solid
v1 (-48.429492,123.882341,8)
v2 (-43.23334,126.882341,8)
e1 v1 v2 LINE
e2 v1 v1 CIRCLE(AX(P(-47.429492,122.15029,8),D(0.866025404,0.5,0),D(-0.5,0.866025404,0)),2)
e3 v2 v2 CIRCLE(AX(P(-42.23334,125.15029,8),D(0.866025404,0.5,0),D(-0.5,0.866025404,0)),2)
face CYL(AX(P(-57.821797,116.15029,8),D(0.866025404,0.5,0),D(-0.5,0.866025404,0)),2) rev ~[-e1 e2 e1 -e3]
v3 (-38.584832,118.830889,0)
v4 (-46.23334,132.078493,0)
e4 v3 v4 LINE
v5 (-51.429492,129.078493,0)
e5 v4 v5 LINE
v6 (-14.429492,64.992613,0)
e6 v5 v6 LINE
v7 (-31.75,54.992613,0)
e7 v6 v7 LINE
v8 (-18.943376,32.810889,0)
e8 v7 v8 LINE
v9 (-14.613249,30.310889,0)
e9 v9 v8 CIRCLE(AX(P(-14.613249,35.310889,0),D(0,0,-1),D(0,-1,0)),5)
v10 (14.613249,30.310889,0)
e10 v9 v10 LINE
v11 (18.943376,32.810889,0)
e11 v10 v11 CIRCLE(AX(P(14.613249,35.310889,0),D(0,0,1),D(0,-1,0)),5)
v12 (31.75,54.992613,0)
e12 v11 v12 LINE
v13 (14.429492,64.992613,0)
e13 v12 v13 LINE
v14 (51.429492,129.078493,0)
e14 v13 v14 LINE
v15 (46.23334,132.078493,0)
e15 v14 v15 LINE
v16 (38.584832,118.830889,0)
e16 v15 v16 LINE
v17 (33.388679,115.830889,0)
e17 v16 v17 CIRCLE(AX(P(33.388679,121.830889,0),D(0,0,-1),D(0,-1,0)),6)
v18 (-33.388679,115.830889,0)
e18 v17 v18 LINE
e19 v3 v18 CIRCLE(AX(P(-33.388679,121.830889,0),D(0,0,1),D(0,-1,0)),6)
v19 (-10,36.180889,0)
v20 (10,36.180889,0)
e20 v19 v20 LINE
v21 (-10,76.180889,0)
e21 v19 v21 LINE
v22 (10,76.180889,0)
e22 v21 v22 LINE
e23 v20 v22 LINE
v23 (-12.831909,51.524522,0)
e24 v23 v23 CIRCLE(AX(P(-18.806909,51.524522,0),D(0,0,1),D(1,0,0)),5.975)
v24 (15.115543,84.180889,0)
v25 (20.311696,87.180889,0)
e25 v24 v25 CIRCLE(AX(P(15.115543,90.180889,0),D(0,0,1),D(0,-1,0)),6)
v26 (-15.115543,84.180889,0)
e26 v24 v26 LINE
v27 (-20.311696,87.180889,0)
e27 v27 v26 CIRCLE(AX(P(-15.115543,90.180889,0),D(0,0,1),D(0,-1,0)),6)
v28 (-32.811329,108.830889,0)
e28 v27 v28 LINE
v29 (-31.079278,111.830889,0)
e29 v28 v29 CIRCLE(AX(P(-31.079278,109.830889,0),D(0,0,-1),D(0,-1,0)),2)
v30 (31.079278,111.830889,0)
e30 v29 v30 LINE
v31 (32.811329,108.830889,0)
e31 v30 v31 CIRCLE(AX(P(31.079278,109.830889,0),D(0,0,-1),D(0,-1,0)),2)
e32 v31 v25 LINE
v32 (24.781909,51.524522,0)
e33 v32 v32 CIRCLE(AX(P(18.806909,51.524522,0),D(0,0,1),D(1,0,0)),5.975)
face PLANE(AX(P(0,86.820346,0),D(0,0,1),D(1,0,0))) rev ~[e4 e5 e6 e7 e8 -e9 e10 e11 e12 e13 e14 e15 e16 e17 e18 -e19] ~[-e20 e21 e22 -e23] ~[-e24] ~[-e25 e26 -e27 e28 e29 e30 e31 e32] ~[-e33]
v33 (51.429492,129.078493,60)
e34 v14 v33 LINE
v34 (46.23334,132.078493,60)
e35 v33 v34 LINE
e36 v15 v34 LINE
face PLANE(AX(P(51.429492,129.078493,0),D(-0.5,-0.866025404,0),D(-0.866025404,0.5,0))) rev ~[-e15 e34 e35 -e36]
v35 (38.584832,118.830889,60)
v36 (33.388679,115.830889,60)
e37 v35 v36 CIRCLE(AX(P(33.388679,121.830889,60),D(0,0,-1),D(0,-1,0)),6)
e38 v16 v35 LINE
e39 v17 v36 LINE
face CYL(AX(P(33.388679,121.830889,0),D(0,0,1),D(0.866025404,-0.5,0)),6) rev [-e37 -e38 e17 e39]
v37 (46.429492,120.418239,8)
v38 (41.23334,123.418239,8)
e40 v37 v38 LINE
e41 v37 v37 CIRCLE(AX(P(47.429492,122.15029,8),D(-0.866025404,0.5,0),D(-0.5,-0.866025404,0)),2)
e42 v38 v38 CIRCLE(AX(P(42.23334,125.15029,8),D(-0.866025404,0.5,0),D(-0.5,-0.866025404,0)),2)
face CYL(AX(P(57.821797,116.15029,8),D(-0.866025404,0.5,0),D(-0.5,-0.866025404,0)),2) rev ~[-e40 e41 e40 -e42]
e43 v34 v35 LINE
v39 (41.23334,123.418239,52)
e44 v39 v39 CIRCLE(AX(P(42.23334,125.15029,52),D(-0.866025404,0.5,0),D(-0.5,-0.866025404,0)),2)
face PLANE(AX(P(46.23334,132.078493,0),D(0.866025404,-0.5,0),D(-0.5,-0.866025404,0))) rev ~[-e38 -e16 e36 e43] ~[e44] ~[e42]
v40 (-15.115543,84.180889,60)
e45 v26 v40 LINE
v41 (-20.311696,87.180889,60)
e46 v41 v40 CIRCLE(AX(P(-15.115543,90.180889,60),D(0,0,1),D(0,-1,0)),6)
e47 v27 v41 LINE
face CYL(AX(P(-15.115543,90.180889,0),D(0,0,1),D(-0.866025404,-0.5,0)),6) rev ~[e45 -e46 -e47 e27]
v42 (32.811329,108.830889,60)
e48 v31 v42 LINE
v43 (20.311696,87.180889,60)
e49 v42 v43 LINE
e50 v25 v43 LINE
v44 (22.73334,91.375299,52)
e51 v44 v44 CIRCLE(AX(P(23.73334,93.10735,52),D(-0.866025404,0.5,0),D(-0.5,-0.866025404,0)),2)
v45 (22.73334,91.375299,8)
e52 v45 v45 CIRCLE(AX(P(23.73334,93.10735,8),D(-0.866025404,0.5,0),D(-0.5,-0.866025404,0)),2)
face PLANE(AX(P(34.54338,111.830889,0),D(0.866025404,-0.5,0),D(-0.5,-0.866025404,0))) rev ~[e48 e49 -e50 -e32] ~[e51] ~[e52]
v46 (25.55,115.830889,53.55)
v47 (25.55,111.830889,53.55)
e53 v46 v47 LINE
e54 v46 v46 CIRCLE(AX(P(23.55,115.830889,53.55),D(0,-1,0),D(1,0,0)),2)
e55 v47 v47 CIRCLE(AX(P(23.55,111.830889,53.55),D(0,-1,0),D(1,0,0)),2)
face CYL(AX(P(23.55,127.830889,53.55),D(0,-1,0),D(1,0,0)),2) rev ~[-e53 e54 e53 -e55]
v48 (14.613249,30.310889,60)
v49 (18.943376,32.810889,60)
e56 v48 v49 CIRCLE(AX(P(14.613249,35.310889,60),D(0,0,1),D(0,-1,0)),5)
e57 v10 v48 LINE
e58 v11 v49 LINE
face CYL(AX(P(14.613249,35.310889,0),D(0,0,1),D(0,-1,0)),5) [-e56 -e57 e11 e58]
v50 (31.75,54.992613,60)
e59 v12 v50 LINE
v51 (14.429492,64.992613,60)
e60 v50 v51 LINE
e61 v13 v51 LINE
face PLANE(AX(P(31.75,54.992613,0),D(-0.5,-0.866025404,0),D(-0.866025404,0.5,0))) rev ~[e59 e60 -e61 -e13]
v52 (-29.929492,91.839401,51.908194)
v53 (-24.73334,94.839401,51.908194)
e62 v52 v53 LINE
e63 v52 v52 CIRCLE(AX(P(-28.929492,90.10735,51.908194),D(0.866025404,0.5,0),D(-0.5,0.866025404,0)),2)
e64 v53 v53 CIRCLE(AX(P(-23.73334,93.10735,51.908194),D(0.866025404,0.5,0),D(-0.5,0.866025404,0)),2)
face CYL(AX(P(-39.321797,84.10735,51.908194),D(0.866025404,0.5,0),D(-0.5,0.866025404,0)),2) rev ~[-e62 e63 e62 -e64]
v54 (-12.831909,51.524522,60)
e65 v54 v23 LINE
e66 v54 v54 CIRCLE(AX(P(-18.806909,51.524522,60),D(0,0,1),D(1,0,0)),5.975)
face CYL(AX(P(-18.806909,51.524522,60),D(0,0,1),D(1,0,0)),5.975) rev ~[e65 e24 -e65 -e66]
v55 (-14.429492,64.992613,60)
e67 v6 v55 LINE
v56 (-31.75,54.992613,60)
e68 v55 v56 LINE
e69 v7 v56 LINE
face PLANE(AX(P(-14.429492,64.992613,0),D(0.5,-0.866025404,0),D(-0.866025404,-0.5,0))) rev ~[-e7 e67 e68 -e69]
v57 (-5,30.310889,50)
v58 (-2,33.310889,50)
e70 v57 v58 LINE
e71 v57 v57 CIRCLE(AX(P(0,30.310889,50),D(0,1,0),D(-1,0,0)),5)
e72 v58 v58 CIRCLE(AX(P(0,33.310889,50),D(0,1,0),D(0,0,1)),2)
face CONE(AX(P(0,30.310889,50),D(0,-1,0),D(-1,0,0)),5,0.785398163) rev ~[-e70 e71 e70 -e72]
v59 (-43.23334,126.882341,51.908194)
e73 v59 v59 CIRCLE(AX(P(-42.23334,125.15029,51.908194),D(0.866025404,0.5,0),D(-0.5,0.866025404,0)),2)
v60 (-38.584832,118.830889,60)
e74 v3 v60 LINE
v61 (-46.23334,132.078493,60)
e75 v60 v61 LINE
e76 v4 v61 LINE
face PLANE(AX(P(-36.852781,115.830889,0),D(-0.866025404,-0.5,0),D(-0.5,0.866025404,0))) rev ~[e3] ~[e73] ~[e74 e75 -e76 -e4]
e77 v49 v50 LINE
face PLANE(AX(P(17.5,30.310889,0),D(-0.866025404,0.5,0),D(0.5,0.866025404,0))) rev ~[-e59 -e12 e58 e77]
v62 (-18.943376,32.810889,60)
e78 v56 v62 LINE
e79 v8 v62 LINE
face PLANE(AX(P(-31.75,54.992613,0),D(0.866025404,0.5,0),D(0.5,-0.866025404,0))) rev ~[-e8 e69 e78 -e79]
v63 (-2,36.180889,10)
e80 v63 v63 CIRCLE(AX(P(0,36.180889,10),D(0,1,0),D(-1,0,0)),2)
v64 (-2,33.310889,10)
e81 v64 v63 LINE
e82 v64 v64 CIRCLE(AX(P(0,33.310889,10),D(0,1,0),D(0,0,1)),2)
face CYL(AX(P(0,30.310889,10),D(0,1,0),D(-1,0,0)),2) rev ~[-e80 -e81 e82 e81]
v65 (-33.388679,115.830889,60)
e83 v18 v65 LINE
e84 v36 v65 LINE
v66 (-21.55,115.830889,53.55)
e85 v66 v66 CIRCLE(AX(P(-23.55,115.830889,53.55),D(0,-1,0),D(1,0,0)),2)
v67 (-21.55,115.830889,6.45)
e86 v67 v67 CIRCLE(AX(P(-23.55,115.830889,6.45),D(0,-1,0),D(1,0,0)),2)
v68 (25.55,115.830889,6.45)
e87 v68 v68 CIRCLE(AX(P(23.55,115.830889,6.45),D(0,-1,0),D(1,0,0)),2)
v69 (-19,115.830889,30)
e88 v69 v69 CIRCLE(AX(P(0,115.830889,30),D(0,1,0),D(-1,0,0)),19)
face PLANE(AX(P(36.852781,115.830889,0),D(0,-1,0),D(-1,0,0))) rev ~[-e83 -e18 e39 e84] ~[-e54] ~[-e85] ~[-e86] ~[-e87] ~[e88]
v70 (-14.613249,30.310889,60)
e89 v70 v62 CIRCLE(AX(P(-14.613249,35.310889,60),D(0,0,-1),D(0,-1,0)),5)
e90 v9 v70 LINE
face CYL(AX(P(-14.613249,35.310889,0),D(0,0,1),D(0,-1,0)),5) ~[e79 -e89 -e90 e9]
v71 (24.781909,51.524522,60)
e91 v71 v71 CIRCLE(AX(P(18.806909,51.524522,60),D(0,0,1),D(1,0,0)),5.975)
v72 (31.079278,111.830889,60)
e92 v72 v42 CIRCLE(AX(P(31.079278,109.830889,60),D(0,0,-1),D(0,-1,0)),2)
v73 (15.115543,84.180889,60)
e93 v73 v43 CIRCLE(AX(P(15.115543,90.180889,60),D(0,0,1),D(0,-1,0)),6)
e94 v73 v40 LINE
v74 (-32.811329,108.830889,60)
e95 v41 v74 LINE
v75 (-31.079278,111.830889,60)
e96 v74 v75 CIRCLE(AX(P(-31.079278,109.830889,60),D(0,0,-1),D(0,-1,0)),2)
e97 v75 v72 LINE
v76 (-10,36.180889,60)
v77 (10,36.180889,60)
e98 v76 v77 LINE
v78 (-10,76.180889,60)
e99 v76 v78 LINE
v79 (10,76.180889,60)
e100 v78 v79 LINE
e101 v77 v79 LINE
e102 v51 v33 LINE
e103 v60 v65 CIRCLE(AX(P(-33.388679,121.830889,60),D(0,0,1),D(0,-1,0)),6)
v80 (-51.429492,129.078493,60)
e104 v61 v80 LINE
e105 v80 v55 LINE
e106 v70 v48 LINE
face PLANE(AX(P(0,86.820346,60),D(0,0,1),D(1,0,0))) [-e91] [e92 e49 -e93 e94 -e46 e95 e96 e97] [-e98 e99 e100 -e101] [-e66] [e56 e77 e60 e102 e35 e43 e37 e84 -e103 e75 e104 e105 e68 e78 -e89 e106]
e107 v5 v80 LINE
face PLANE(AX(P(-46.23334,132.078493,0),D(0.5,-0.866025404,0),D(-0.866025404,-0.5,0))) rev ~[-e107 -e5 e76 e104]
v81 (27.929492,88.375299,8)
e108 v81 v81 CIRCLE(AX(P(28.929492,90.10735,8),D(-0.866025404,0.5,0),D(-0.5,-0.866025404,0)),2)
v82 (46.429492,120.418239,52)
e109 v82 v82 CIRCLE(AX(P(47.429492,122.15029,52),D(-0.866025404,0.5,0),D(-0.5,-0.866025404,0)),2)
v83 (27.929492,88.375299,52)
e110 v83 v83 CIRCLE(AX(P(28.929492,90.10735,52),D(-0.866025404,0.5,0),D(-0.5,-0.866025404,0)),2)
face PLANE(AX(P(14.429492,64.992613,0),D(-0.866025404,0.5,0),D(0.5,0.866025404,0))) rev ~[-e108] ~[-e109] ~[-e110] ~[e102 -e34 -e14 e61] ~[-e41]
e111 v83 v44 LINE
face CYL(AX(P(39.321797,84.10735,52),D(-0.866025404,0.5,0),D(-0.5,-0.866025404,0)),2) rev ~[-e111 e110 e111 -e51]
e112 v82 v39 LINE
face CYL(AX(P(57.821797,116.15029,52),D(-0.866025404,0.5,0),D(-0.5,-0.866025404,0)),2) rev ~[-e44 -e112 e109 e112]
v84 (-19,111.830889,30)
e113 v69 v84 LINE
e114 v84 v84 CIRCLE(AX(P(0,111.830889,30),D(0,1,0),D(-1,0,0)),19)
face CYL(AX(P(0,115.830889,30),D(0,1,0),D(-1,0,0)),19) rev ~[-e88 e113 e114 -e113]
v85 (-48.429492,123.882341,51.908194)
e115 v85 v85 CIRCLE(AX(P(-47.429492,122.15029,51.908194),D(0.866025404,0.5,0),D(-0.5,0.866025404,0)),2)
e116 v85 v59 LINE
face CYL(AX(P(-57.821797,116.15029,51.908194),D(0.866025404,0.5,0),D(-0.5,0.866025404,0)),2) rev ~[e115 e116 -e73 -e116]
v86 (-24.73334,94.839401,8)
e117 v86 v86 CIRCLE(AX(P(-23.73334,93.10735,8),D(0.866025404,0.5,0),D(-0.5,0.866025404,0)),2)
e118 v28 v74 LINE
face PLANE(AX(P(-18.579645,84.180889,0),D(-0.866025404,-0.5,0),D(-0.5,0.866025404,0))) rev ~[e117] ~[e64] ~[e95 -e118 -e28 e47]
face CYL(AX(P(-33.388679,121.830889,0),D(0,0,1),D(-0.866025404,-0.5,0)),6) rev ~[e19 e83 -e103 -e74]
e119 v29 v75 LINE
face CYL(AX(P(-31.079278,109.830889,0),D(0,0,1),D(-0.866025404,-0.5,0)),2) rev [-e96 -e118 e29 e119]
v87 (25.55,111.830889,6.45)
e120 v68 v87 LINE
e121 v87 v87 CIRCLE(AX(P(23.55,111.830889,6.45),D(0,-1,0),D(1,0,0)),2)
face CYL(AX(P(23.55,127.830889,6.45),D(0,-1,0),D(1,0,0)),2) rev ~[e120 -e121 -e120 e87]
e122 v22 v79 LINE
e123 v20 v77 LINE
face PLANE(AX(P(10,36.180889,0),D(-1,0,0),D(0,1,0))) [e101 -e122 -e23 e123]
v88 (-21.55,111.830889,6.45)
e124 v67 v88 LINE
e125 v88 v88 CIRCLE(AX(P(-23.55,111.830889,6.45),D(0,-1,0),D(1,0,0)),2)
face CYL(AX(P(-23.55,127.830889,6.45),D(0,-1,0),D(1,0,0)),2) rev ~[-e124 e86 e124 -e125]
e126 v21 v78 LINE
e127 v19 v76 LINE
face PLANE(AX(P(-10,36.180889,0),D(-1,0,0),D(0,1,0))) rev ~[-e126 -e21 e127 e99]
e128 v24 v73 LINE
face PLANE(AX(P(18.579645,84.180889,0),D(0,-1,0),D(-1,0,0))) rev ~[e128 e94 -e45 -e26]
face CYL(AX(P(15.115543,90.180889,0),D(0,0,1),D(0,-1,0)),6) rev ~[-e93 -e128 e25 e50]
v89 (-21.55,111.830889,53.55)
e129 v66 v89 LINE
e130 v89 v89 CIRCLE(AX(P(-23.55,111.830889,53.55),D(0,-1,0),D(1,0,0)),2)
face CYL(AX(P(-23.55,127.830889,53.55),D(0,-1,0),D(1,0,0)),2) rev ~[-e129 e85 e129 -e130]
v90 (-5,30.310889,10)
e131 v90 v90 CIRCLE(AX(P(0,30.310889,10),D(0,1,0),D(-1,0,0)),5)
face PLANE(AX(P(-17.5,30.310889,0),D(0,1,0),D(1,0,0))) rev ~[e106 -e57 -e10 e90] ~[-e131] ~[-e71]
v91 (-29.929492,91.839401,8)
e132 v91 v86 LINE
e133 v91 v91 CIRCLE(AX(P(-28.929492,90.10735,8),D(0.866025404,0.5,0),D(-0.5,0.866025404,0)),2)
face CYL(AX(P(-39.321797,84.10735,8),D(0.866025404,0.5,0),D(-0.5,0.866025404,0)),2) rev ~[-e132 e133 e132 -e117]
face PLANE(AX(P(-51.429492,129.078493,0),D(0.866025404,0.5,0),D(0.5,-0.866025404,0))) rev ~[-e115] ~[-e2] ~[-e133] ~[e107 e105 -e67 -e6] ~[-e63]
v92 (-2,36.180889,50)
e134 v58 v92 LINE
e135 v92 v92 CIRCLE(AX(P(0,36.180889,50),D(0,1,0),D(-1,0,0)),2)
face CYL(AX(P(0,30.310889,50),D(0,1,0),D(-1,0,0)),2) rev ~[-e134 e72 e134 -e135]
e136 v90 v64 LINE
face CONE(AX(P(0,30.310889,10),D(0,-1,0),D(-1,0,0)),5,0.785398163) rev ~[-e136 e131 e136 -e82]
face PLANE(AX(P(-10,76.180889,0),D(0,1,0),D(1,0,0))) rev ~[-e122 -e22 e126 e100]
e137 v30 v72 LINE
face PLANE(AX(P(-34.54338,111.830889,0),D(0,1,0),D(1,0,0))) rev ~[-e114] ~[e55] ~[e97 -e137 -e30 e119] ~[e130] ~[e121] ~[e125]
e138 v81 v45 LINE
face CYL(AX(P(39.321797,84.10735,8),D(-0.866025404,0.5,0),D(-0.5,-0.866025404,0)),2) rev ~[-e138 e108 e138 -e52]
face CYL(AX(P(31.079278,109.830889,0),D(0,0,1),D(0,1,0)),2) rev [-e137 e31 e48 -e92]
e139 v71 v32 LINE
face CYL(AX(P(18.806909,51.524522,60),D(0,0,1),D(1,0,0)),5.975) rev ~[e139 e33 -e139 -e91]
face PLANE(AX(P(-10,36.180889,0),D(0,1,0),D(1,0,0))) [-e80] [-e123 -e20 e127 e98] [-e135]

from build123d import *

# Parameters (mm, degrees)
F0_W            = 20
F0_H            = 40
F1_DEPTH        = 60
F2_R            = 5
F3_R            = 6
F4_R            = 2
F5_R            = 5.975
F6_DEPTH        = 60.001
F8_D            = 4
F8_DEPTH        = 12
F8_TIP          = 1.2017212381
F9_R            = 19
F10_DEPTH       = 25
F12_D           = 4
F12_DEPTH       = 12
F12_TIP         = 1.2017212381
F14_D           = 4
F14_DEPTH       = 12
F14_TIP         = 1.2017212381
F16_D           = 4
F16_DEPTH       = 12
F16_CSINK_D     = 10
F16_CSINK_ANGLE = 90
F16_TIP         = 1.2017212381


with BuildPart() as f1:
    # F0 (on Top) → F1 (new body)
    with BuildSketch(Plane.XY):
        Polygon((-17.5, 30.3108891325), (17.5, 30.3108891325), (31.75, 54.9926131403), (14.4294919243, 64.9926131403), (51.4294919243, 129.0784930204), (46.2333395016, 132.0784930204), (36.8527810232, 115.8308891325), (-36.8527810232, 115.8308891325), (-46.2333395016, 132.0784930204), (-51.4294919243, 129.0784930204), (-14.4294919243, 64.9926131403), (-31.75, 54.9926131403), align=None)
        with Locations((0, 56.1808891325)):
            Rectangle(F0_W, F0_H, mode=Mode.SUBTRACT)
        Polygon((34.5433799465, 111.8308891325), (18.5796450034, 84.1808891325), (-18.5796450034, 84.1808891325), (-34.5433799465, 111.8308891325), align=None, mode=Mode.SUBTRACT)
    extrude(amount=F1_DEPTH)

    # F2
    f2_edges = [f1.edges().sort_by_distance(p)[0] for p in [
        (-17.5, 30.310889, 30),
        (17.5, 30.310889, 30),
    ]]
    fillet(f2_edges, radius=F2_R)

    # F3
    f3_edges = [f1.edges().sort_by_distance(p)[0] for p in [
        (18.579645, 84.180889, 30),
        (-18.579645, 84.180889, 30),
        (-36.852781, 115.830889, 30),
        (36.852781, 115.830889, 30),
    ]]
    fillet(f3_edges, radius=F3_R)

    # F4
    f4_edges = [f1.edges().sort_by_distance(p)[0] for p in [
        (34.54338, 111.830889, 30),
        (-34.54338, 111.830889, 30),
    ]]
    fillet(f4_edges, radius=F4_R)

    # F5 (on face) → F6 (cut, through all)
    with BuildSketch(Plane.XY.offset(60)):
        with Locations((-18.8069092991, 51.5245224395)):
            Circle(F5_R)
        with Locations((18.8069092991, 51.5245224395)):
            Circle(F5_R)
    extrude(amount=-F6_DEPTH, mode=Mode.SUBTRACT)

    # F8
    with Locations(Plane(origin=(0, 115.8308891325, 0), x_dir=(-1, 0, 0), z_dir=(0, 1, 0))):
        with Locations((-23.55, 53.55), (-23.55, 6.45), (23.55, 6.45), (23.55, 53.55)):
            Hole(F8_D / 2, depth=F8_DEPTH)
            with Locations((0, 0, -(F8_DEPTH + F8_TIP / 2))):  # 118° drill point
                Cone(0, F8_D / 2, F8_TIP, mode=Mode.SUBTRACT)

    # F9 (on face) → F10 (cut)
    with BuildSketch(Plane(origin=(0, 115.8308891325, 0), x_dir=(-1, 0, 0), z_dir=(0, 1, 0))):
        with Locations((0, 30)):
            Circle(F9_R)
    extrude(amount=-F10_DEPTH, mode=Mode.SUBTRACT)

    # F12
    with Locations(Plane(origin=(-17.3205080757, 10, 0), x_dir=(0.5, 0.8660254038, 0), z_dir=(0.8660254038, -0.5, 0))):
        with Locations((92.5, 52), (129.5, 52), (92.5, 8), (129.5, 8)):
            Hole(F12_D / 2, depth=F12_DEPTH)
            with Locations((0, 0, -(F12_DEPTH + F12_TIP / 2))):  # 118° drill point
                Cone(0, F12_D / 2, F12_TIP, mode=Mode.SUBTRACT)

    # F14
    with Locations(Plane(origin=(17.3205080757, 10, 0), x_dir=(0.5, -0.8660254038, 0), z_dir=(-0.8660254038, -0.5, 0))):
        with Locations((-92.5, 8), (-129.5, 8), (-92.5, 51.9081939641), (-129.5, 51.9081939641)):
            Hole(F14_D / 2, depth=F14_DEPTH)
            with Locations((0, 0, -(F14_DEPTH + F14_TIP / 2))):  # 118° drill point
                Cone(0, F14_D / 2, F14_TIP, mode=Mode.SUBTRACT)

    # F16
    with Locations(Plane.XZ.offset(-30.3108891325)):
        with Locations((0, 10), (0, 50)):
            CounterSinkHole(F16_D / 2, F16_CSINK_D / 2, depth=F16_DEPTH, counter_sink_angle=F16_CSINK_ANGLE)
            with Locations((0, 0, -(F16_DEPTH + F16_TIP / 2))):  # 118° drill point
                Cone(0, F16_D / 2, F16_TIP, mode=Mode.SUBTRACT)


solid = f1.part
